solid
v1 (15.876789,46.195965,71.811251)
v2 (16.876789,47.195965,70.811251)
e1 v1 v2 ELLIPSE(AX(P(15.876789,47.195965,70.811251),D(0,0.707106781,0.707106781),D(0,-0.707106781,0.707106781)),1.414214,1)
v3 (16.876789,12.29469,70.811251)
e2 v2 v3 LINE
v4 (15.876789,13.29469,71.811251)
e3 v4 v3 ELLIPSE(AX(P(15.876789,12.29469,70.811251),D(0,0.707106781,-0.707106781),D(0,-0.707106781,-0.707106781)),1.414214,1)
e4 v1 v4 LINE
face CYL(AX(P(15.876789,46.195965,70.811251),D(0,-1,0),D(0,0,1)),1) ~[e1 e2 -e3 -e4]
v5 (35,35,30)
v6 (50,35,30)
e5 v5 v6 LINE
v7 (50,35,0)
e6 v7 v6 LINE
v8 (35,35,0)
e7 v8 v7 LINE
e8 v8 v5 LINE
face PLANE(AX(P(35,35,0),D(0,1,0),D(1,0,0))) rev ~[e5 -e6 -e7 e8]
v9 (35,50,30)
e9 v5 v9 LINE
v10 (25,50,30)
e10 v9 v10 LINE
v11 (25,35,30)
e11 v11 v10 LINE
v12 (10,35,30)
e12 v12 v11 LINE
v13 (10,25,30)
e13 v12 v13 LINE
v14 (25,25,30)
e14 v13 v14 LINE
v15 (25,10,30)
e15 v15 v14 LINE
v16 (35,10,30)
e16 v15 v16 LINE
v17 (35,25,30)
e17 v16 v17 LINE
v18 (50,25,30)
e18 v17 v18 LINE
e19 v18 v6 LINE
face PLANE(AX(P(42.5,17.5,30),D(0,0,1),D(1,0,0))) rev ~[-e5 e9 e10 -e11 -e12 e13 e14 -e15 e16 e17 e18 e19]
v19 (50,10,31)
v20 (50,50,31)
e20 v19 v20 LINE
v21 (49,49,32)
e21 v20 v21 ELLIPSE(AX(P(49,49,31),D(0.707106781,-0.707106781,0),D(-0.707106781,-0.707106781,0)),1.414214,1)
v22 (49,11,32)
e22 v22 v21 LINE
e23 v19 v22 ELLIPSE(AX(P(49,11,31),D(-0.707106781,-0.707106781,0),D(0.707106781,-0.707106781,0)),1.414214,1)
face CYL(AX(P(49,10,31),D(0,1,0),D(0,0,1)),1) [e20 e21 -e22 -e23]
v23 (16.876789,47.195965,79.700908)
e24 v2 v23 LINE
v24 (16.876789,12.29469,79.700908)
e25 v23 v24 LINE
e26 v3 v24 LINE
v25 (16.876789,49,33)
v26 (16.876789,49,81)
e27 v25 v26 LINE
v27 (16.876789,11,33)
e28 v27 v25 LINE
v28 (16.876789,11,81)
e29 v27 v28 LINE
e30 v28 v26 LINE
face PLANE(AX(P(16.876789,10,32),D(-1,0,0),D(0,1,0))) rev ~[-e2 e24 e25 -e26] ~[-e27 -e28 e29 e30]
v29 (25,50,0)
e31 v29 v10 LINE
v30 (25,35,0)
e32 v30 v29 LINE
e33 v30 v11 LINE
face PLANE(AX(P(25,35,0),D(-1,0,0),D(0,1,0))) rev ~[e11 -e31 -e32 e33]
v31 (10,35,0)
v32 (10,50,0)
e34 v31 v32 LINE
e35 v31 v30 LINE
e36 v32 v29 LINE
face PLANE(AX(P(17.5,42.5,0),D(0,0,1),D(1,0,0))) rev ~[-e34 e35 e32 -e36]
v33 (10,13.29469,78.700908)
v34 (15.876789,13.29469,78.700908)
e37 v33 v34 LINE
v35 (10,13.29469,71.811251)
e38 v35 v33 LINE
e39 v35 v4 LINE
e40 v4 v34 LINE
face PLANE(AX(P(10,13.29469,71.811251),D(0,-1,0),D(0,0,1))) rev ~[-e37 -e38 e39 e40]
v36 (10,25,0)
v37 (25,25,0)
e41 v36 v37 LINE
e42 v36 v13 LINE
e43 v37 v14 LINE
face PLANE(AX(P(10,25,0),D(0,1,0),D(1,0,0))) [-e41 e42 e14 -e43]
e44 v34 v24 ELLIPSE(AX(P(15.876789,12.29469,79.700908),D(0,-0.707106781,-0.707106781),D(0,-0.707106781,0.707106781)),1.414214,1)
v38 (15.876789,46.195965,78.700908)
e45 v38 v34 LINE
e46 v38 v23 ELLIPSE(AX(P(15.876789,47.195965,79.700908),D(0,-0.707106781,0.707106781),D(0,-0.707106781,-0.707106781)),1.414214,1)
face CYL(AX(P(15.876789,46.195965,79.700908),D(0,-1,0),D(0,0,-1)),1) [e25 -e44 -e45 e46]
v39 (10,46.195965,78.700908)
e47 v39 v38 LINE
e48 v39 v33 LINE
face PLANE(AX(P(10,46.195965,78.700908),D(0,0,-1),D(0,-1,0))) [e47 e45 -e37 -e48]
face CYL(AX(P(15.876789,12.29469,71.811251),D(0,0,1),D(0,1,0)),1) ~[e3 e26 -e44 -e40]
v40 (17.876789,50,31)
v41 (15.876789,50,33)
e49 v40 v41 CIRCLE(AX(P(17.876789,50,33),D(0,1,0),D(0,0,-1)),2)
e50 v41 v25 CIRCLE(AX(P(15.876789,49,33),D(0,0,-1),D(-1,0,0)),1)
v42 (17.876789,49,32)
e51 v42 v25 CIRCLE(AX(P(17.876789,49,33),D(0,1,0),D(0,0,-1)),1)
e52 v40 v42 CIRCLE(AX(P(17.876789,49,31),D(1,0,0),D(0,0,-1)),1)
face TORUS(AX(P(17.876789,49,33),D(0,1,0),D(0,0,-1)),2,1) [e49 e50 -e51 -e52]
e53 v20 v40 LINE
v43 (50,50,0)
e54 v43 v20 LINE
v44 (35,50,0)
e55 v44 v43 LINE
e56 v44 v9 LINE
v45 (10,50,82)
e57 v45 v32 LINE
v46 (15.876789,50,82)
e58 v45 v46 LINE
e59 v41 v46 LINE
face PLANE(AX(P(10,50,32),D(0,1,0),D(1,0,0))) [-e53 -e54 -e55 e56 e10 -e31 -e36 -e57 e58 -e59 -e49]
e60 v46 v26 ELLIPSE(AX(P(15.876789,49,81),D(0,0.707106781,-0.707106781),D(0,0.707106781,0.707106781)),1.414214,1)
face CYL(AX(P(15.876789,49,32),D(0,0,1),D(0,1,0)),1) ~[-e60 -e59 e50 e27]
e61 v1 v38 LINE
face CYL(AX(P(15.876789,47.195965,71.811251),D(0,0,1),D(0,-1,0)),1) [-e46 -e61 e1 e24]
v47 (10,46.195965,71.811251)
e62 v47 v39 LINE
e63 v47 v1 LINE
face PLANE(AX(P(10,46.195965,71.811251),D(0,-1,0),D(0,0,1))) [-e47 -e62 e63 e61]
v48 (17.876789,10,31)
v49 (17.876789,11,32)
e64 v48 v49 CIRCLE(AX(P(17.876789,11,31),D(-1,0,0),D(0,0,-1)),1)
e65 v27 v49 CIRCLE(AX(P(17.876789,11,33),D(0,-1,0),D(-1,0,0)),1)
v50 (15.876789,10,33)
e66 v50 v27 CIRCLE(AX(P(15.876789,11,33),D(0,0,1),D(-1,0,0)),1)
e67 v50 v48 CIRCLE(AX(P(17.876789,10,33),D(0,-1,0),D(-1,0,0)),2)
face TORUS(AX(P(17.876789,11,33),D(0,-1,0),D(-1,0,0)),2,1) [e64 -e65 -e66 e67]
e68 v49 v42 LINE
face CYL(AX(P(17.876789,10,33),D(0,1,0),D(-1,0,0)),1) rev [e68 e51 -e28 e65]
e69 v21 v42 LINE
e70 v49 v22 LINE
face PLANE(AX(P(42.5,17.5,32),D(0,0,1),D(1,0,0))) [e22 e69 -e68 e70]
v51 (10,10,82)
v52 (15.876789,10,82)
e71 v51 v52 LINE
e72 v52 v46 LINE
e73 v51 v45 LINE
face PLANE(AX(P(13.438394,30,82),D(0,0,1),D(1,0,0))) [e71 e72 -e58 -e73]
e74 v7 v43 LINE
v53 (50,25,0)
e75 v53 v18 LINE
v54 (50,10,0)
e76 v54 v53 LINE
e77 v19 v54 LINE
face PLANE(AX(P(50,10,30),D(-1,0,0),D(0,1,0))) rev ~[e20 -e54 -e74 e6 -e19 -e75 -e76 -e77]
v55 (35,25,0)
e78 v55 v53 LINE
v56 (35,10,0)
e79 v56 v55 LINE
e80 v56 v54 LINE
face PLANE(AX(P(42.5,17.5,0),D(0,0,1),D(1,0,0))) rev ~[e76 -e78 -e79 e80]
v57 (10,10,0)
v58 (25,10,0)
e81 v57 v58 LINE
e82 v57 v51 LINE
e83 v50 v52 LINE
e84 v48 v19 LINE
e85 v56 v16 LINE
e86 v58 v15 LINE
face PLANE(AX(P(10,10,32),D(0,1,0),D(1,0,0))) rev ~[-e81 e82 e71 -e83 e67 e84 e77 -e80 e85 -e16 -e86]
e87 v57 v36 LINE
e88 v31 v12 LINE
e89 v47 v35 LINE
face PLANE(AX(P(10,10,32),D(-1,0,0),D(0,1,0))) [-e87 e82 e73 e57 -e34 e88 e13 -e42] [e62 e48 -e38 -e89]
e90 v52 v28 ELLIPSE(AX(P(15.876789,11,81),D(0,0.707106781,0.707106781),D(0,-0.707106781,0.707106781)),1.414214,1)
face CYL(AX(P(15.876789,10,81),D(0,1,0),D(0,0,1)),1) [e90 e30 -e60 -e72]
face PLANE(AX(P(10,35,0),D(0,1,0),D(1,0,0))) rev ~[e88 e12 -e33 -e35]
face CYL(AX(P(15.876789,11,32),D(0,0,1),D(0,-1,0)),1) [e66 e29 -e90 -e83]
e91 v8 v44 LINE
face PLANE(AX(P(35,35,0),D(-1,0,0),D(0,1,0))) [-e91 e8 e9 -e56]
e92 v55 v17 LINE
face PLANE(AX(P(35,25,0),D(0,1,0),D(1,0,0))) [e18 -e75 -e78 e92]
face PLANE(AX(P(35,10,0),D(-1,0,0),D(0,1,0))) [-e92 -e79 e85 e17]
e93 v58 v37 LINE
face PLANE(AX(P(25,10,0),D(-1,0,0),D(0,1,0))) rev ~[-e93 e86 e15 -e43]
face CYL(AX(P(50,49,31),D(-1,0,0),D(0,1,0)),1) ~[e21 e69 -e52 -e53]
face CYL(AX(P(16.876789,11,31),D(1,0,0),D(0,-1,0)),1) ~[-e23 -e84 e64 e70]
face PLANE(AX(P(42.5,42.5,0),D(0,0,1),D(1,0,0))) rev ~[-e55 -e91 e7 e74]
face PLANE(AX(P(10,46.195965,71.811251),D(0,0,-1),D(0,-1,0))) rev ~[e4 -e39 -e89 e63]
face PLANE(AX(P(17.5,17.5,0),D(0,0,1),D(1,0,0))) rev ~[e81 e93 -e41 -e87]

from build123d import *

# Parameters (mm, degrees)
F0_W     = 15
F0_H     = 15
F1_DEPTH = 30
F2_W     = 15
F2_H     = 15
F3_DEPTH = 2
F4_W     = 6.8767888099
F4_H     = 40
F5_DEPTH = 50
F6_W     = 32.9012749717
F6_H     = 6.8896561861
F7_DEPTH = 30
F8_R     = 1


with BuildPart() as f1:
    # F0 (on Top) → F1 (new body)
    with BuildSketch(Plane.XY):
        with Locations((42.5, 17.5)):
            Rectangle(F0_W, F0_H)
    extrude(amount=F1_DEPTH)



with BuildPart() as f1b:
    # F0 (on Top) → F1, piece 2 (new body)
    with BuildSketch(Plane.XY):
        with Locations((17.5, 17.5)):
            Rectangle(F0_W, F0_H)
    extrude(amount=F1_DEPTH)


with BuildPart() as f1c:
    # F0 (on Top) → F1, piece 3 (new body)
    with BuildSketch(Plane.XY):
        with Locations((17.5, 42.5)):
            Rectangle(F0_W, F0_H)
    extrude(amount=F1_DEPTH)


with BuildPart() as f1d:
    # F0 (on Top) → F1, piece 4 (new body)
    with BuildSketch(Plane.XY):
        with Locations((42.5, 42.5)):
            Rectangle(F0_W, F0_H)
    extrude(amount=F1_DEPTH)


with BuildPart() as f1_1:
    add(f1.part)

    add(f1b.part)  # F3 merges F1b

    add(f1c.part)  # F3 merges F1c

    add(f1d.part)  # F3 merges F1d
    # F2 (on face) → F3 (join)
    with BuildSketch(Plane.XY.offset(30)):
        with Locations((42.5, 17.5)):
            Rectangle(F2_W, F2_H)
        Polygon((10, 10), (35, 10), (35, 25), (50, 25), (50, 50), (10, 50), align=None)
    extrude(amount=F3_DEPTH)

    # F4 (on face) → F5 (join)
    with BuildSketch(Plane.XY.offset(32)):
        with Locations((13.4383944049, 30)):
            Rectangle(F4_W, F4_H)
    extrude(amount=F5_DEPTH)

    # F6 (on face) → F7 (cut)
    with BuildSketch(Plane(origin=(10, 0, 0), x_dir=(0, -1, 0), z_dir=(-1, 0, 0))):
        with Locations((-29.7453277744, 75.2560794353)):
            Rectangle(F6_W, F6_H)
    extrude(amount=-F7_DEPTH, mode=Mode.SUBTRACT)

    # F8
    f8_edges = [f1_1.edges().sort_by_distance(p)[0] for p in [
        (33.438394, 10, 32),
        (16.876789, 30, 32),
        (33.438394, 50, 32),
        (50, 30, 32),
        (16.876789, 10, 57),
        (16.876789, 30, 82),
        (16.876789, 50, 57),
        (16.876789, 29.745328, 78.700908),
        (16.876789, 46.195965, 75.256079),
        (16.876789, 29.745328, 71.811251),
        (16.876789, 13.29469, 75.256079),
    ]]
    fillet(f8_edges, radius=F8_R)


solid = f1_1.part
